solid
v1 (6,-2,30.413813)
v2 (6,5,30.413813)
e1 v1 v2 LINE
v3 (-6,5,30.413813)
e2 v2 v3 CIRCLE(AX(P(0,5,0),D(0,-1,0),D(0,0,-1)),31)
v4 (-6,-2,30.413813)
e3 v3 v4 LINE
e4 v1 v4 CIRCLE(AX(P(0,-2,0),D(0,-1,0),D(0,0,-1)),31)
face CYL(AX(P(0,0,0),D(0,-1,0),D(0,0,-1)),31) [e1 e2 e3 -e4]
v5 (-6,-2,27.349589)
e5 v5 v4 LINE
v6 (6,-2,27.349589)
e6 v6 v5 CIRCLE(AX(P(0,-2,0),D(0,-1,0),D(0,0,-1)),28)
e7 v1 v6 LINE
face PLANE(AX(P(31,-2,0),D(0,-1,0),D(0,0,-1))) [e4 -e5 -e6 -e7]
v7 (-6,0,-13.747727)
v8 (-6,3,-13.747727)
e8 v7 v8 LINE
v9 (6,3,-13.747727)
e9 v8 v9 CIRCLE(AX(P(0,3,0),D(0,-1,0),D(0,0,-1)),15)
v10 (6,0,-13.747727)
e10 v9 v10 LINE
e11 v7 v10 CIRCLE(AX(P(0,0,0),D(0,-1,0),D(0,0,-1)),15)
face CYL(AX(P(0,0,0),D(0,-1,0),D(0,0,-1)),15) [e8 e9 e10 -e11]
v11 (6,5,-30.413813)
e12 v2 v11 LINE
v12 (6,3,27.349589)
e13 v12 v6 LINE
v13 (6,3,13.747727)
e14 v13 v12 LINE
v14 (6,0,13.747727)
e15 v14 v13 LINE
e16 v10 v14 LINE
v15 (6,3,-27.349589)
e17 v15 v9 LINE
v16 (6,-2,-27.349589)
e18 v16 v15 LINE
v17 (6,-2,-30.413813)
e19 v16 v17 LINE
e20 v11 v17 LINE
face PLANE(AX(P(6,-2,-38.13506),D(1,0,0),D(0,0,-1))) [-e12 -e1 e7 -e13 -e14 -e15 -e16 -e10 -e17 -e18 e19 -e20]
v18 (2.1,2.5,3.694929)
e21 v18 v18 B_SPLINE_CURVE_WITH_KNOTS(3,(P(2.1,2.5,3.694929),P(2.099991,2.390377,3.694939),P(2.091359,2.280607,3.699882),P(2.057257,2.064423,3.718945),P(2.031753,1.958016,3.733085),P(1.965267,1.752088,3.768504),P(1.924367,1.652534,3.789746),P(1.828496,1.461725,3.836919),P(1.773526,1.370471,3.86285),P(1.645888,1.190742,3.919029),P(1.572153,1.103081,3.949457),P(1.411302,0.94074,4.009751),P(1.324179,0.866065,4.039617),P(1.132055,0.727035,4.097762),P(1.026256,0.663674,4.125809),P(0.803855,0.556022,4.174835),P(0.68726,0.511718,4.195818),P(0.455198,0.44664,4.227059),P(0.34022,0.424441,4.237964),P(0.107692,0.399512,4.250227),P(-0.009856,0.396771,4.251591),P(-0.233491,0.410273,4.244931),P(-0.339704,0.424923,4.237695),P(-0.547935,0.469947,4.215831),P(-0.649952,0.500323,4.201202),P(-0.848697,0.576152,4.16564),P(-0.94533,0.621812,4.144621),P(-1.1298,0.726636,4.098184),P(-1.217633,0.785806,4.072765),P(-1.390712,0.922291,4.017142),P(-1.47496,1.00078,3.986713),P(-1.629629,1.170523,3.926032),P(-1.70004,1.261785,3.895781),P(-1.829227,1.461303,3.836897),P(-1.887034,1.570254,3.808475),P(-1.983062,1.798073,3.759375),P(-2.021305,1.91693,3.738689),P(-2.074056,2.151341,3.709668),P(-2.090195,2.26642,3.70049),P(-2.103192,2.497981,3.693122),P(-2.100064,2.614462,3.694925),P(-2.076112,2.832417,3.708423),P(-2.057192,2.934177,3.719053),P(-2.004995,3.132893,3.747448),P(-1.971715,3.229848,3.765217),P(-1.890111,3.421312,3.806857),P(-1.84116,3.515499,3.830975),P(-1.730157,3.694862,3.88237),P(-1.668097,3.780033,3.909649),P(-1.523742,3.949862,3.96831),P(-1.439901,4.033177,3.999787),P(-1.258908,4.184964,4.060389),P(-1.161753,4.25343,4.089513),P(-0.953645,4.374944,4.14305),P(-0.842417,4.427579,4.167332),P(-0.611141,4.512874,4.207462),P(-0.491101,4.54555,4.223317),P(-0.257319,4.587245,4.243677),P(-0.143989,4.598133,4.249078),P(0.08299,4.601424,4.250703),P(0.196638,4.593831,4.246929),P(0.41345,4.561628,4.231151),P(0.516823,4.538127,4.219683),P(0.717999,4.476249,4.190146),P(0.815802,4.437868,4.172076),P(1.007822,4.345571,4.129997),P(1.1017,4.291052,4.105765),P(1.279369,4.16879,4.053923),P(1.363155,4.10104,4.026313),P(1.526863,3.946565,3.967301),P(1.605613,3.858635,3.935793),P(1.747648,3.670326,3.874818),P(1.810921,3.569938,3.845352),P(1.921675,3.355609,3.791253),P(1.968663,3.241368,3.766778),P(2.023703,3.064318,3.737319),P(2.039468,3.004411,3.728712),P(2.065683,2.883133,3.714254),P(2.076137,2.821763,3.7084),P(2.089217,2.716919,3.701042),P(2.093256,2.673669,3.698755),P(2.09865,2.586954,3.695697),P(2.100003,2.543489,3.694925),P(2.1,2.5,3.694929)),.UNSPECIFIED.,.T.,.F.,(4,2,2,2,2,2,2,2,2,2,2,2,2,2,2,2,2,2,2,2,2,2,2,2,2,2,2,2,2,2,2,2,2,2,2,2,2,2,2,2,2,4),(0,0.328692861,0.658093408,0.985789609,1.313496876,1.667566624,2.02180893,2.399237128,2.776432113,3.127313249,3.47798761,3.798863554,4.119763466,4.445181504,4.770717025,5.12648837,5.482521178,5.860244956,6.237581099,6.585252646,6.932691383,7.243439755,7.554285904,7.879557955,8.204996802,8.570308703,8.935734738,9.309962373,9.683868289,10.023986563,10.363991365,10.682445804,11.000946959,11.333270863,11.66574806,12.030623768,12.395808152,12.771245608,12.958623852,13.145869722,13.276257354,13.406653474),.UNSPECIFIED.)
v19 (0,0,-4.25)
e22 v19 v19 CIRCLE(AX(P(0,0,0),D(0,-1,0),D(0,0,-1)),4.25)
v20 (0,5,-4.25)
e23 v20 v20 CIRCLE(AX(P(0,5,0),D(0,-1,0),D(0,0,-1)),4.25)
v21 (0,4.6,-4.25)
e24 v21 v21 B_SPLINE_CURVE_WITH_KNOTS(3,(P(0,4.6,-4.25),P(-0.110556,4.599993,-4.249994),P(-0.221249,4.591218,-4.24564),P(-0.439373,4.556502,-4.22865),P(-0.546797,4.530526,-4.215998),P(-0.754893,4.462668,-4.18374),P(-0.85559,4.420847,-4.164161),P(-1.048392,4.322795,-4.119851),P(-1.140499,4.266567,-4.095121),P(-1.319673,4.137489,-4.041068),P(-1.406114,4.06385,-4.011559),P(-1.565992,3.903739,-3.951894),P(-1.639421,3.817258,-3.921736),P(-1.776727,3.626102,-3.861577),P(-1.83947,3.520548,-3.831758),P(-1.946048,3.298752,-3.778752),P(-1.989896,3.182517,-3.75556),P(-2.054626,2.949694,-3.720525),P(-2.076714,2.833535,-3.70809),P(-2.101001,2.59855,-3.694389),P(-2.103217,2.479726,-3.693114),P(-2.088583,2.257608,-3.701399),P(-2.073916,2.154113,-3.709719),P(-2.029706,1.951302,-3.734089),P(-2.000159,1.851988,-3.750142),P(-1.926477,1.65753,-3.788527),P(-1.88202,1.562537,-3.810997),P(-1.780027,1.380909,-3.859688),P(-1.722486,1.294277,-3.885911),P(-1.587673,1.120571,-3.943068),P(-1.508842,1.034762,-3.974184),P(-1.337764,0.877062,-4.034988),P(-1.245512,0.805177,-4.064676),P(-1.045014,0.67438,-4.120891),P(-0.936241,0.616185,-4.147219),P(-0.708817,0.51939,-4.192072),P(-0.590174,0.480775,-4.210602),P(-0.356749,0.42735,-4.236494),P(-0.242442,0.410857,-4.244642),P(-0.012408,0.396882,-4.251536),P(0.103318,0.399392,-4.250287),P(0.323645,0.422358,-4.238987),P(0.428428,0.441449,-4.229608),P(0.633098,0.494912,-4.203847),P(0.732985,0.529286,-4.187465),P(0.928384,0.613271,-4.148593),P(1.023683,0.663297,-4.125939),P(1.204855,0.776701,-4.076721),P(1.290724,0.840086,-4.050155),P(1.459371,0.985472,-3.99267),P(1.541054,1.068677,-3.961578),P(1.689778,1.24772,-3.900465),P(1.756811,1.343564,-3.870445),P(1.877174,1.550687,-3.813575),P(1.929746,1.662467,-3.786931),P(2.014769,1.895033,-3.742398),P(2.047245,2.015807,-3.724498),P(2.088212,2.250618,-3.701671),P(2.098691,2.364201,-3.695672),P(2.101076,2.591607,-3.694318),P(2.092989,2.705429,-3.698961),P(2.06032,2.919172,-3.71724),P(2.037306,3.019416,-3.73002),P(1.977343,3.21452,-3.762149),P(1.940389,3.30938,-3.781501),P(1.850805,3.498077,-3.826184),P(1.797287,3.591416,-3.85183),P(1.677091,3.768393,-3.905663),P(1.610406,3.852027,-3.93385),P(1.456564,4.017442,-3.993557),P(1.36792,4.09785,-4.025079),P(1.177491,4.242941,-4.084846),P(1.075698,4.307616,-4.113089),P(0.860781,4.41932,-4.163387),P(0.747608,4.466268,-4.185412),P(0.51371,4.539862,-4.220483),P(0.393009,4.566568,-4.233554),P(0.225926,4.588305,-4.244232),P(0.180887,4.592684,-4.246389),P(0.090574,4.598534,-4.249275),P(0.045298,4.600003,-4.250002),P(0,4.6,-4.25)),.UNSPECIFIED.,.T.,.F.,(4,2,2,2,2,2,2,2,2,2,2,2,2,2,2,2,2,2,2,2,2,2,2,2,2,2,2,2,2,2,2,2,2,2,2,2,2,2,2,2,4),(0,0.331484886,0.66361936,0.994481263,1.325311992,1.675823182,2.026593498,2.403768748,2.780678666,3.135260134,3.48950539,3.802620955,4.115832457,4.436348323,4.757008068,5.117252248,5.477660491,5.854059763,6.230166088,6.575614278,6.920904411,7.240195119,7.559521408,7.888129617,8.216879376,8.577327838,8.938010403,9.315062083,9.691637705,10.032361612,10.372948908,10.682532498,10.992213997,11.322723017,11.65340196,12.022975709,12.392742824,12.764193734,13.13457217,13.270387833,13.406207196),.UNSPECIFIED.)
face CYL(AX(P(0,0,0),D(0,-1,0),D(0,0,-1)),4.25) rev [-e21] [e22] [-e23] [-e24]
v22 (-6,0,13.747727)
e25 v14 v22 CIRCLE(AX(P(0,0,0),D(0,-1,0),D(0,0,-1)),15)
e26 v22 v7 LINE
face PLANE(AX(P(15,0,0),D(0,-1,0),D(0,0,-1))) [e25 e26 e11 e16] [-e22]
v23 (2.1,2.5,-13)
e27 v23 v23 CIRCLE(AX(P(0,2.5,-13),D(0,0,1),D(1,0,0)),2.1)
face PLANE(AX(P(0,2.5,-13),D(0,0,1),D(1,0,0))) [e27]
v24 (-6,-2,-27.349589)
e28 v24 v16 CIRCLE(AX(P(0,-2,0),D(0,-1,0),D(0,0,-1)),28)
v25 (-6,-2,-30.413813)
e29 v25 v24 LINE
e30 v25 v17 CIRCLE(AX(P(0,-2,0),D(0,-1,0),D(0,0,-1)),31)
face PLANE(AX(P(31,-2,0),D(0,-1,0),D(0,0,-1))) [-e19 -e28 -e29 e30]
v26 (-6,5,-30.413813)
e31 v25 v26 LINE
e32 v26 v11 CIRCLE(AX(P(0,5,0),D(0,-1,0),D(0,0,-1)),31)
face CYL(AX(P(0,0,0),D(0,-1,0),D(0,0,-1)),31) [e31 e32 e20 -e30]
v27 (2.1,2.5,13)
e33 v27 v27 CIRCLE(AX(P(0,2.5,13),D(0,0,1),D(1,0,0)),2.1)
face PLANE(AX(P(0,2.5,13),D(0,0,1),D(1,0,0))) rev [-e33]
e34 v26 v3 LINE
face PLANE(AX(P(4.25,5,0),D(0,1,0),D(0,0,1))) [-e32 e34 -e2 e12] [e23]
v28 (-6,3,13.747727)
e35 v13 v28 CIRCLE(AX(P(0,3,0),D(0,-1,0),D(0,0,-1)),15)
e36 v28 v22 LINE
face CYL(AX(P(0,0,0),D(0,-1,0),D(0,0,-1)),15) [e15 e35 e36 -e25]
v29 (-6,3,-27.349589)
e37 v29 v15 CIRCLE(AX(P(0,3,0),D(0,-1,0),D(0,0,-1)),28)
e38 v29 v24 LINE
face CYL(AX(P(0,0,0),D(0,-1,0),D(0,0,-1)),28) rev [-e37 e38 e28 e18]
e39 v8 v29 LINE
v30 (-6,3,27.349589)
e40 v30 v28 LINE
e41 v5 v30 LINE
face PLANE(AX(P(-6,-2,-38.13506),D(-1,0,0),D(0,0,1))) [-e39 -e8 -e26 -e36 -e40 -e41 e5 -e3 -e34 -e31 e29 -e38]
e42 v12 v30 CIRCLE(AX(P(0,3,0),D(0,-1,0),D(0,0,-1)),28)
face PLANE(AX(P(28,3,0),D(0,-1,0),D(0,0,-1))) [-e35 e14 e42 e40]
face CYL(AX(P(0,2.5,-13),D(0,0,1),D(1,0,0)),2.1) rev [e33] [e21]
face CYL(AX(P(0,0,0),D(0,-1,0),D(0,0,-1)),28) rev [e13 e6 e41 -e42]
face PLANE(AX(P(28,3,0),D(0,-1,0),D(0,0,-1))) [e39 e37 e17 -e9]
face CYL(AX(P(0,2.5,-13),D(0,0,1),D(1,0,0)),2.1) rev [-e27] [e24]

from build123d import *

# Parameters (mm, degrees)
CORTE_EXTRUS_O1_DEPTH      = 45.395945761
CORTE_EXTRUS_O1_DEPTH_BACK = 45.395945761
ESBO_O2_W                  = 96.741183006
ESBO_O2_H                  = 102.357875962
ESBO_O2_W_2                = 12
ESBO_O2_H_2                = 76.270119436
ESBO_O3_R                  = 2.1
CORTE_EXTRUS_O4_DEPTH      = 13


with BuildPart() as part:
    # Esboço1 → Revolução1 (revolve)
    with BuildSketch(Plane.XY, mode=Mode.PRIVATE) as revolu_o1_sk:
        Polygon((4.25, 5), (4.25, 0), (15, 0), (15, 3), (28, 3), (28, -2), (31, -2), (31, 5), align=None)
    revolve(revolu_o1_sk.sketch.rotate(Axis((0, 0, 0), (0, 1, 0)), 90), axis=Axis((0, 0, 0), (0, 1, 0)))

    # Esboço2 → Corte-extrusão1 (cut, two sides: drawn at the far end of the back side and taken through both)
    with BuildSketch(Plane(origin=(0, 5, 0), x_dir=(1, 0, 0), z_dir=(0, 1, 0)).offset(-CORTE_EXTRUS_O1_DEPTH_BACK)):
        Rectangle(ESBO_O2_W, ESBO_O2_H)
        Rectangle(ESBO_O2_W_2, ESBO_O2_H_2, mode=Mode.SUBTRACT)
    extrude(amount=CORTE_EXTRUS_O1_DEPTH + CORTE_EXTRUS_O1_DEPTH_BACK, mode=Mode.SUBTRACT)

    # Esboço3 → Corte-extrusão4 (cut, symmetric)
    with BuildSketch(Plane.XY):
        with Locations((0, 2.5)):
            Circle(ESBO_O3_R)
    extrude(amount=CORTE_EXTRUS_O4_DEPTH, both=True, mode=Mode.SUBTRACT)


solid = part.part
